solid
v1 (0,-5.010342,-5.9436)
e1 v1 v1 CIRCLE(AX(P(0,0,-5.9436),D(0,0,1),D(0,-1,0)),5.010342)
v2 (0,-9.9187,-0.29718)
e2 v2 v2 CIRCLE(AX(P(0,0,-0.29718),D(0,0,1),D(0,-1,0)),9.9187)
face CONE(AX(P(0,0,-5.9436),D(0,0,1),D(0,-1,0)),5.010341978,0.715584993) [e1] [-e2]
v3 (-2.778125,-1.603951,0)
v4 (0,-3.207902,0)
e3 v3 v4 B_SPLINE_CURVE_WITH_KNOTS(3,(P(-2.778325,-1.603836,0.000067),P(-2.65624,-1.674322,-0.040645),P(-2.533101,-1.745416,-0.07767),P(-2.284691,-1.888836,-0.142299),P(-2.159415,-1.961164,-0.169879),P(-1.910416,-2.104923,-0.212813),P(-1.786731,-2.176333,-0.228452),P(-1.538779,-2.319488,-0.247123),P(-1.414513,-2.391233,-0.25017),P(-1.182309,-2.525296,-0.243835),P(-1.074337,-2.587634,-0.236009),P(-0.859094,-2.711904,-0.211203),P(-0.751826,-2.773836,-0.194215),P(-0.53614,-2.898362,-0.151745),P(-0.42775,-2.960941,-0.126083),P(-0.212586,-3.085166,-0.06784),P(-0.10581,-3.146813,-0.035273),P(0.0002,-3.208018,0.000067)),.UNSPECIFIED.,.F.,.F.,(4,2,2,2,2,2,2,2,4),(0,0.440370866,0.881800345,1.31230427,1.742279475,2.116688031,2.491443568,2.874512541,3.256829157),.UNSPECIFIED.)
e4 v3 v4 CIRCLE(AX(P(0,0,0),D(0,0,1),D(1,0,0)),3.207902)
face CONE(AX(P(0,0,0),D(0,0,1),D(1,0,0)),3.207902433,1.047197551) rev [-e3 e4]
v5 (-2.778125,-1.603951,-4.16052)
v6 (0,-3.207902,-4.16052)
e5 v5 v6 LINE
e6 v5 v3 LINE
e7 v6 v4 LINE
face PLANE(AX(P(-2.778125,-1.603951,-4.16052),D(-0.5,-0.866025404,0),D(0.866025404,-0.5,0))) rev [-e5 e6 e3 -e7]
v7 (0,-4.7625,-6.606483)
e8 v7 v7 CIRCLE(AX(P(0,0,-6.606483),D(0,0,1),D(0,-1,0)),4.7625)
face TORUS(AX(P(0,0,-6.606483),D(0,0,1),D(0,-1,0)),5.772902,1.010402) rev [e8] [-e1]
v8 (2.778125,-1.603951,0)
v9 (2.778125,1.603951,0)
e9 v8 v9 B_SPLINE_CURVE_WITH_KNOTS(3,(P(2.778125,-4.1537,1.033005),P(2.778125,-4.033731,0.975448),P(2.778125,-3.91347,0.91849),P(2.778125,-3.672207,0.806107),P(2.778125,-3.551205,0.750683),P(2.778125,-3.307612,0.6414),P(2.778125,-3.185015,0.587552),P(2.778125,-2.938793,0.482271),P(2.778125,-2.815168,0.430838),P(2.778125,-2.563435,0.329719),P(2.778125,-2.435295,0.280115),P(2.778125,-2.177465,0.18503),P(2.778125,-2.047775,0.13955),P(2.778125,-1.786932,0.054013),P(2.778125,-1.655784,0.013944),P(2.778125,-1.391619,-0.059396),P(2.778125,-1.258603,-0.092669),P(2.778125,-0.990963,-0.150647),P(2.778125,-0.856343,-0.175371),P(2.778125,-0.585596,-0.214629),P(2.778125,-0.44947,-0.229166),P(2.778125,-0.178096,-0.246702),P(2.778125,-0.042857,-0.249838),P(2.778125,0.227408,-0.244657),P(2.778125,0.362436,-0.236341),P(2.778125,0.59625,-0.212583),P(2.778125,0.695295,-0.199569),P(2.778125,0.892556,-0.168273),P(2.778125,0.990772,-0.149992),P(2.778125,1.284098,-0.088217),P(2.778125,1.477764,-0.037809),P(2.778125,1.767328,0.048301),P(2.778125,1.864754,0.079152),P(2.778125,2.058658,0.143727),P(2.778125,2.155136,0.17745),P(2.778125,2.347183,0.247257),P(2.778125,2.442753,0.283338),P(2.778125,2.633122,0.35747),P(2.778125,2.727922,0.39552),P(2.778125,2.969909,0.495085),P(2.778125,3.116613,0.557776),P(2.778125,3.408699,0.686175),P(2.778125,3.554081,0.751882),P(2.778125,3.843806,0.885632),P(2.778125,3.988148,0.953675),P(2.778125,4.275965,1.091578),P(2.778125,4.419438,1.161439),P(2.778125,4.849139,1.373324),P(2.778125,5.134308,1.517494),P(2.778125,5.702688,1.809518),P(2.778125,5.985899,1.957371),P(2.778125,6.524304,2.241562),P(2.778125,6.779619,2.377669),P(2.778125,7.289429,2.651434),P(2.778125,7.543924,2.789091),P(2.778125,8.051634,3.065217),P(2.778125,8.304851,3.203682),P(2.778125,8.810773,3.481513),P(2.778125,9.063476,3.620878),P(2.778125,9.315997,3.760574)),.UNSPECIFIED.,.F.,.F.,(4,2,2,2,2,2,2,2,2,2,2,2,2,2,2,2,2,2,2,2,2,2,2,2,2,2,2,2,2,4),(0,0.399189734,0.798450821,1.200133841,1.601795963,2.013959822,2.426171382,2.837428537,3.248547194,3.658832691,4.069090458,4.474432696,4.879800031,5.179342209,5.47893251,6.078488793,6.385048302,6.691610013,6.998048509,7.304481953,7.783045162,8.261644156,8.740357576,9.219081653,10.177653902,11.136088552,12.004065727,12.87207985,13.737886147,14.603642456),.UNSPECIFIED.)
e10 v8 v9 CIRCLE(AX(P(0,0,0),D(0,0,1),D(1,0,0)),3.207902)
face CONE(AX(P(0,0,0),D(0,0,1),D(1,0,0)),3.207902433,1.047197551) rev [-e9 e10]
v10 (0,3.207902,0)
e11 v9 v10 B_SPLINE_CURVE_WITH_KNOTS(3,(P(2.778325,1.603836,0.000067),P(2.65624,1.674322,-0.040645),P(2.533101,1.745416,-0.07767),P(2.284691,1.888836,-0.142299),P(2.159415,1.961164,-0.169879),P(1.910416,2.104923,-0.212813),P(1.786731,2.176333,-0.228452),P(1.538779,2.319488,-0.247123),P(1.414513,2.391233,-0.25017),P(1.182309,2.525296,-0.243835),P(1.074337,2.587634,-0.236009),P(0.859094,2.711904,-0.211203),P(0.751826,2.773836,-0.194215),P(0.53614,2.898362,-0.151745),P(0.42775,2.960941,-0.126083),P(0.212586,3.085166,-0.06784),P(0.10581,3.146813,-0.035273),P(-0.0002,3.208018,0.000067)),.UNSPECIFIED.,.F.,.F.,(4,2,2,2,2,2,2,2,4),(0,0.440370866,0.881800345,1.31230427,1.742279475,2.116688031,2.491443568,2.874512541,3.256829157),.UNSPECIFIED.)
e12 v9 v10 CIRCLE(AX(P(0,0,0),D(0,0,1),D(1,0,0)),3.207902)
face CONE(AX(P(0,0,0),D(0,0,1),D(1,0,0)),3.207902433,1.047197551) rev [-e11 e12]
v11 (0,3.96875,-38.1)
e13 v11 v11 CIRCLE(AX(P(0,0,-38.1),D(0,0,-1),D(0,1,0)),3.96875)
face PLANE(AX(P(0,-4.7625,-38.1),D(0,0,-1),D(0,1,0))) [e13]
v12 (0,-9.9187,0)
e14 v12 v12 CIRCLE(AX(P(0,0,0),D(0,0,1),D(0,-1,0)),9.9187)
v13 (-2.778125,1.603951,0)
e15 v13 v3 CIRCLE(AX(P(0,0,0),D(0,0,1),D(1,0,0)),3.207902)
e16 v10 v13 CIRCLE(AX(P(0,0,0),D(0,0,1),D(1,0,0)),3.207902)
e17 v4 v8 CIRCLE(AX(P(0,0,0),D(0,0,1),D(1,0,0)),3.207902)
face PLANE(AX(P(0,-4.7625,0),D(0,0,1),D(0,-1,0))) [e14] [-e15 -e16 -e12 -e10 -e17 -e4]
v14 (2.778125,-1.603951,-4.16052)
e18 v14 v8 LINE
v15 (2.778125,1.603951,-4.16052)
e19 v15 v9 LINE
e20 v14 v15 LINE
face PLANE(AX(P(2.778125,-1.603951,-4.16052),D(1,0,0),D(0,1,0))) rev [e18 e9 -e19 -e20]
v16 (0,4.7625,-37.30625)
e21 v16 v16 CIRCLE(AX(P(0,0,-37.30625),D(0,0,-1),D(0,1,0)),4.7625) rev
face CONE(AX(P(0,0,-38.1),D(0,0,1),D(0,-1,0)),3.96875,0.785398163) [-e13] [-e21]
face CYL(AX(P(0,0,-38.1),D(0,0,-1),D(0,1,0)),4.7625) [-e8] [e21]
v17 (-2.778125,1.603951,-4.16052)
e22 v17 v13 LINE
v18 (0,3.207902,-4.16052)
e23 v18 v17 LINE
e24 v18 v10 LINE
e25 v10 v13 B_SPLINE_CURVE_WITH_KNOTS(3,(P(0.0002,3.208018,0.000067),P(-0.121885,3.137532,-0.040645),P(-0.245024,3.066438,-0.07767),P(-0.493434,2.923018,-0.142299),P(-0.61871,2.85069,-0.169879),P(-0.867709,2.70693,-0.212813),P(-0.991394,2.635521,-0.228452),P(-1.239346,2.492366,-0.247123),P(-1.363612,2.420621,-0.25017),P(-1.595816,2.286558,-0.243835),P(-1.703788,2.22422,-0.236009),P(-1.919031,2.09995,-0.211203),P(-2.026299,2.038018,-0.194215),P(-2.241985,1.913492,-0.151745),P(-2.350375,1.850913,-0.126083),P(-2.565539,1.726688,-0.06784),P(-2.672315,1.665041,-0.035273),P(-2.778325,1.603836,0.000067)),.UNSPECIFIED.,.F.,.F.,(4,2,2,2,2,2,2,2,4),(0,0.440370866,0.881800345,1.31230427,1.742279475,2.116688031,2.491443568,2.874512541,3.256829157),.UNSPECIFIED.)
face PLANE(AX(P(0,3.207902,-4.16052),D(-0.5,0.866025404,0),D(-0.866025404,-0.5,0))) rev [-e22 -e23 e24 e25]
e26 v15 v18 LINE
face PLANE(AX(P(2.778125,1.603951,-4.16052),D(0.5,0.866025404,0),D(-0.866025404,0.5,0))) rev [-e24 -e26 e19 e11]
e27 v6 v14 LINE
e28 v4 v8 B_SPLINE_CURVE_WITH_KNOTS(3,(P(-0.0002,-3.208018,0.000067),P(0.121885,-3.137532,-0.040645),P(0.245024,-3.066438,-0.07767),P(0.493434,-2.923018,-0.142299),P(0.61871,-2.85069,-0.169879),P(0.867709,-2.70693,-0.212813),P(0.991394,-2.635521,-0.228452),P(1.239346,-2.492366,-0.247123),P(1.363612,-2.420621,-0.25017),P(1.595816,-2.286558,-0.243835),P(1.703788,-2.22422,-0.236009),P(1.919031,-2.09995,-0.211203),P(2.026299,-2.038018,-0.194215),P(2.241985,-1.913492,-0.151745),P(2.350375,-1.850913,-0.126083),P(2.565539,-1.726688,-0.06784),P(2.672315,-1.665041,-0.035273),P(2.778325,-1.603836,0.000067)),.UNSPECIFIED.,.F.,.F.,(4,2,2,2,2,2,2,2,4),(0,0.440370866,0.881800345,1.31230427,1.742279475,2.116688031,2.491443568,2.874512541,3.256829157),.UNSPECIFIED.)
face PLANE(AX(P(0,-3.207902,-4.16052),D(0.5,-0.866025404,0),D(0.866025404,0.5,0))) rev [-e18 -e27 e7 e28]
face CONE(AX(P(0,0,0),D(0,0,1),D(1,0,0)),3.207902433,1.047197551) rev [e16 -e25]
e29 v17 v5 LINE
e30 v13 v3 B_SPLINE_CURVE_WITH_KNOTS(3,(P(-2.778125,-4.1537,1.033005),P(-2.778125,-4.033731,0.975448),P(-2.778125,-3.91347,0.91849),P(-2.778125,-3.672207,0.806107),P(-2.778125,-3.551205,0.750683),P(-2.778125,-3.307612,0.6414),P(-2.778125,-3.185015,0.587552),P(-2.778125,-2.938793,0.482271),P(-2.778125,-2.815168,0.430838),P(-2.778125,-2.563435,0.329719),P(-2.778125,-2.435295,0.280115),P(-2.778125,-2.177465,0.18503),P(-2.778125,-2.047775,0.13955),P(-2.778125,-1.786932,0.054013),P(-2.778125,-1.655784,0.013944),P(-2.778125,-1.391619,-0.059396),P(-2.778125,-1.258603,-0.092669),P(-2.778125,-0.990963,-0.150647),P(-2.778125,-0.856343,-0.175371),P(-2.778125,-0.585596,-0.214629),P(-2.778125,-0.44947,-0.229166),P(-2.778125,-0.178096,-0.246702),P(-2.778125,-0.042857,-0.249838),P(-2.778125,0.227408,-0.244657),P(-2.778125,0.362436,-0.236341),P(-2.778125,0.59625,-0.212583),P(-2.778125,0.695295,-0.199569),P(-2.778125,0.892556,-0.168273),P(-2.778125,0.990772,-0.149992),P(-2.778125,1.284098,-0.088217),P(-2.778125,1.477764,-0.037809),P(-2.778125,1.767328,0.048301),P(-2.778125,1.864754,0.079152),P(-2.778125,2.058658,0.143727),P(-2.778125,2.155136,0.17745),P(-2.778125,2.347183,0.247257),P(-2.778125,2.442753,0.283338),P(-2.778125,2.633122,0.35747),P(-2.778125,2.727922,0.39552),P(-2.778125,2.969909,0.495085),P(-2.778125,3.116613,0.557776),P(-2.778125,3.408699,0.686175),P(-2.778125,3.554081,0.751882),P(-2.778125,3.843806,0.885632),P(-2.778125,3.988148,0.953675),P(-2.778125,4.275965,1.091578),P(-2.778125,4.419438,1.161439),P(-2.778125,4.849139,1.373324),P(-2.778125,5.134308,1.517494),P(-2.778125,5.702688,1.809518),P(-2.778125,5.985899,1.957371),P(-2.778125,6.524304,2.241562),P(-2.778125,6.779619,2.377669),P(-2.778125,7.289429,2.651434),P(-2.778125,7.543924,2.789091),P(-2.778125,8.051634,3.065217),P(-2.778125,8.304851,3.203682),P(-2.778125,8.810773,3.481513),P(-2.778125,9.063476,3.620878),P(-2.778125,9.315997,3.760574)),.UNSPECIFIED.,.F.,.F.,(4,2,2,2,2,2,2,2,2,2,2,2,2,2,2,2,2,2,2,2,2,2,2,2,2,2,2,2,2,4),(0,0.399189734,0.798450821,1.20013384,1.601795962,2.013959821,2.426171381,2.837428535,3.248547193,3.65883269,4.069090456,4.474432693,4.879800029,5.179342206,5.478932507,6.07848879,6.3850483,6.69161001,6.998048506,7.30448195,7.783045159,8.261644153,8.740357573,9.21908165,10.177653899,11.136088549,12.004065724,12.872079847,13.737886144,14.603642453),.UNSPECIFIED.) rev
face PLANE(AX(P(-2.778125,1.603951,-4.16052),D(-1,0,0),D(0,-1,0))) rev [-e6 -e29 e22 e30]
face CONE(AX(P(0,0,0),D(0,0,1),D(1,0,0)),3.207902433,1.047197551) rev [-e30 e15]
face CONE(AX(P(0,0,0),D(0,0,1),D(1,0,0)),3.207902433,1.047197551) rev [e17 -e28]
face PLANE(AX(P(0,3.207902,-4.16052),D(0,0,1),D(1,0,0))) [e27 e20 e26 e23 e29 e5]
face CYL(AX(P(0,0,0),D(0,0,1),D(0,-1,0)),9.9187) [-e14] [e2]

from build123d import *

# Parameters (mm, degrees)
SKETCH1_W          = 38.1
SKETCH1_H          = 4.7625
CHAMFER1_SIZE      = 0.79375
CUT_EXTRUDE2_DEPTH = 4.16052


with BuildPart() as part:
    # Sketch1 → Revolve1 (revolve)
    with BuildSketch(Plane(origin=(0, 0, 0), x_dir=(0, 0, -1), z_dir=(1, 0, 0)), mode=Mode.PRIVATE) as revolve1_sk:
        with Locations((19.05, 2.38125)):
            Rectangle(SKETCH1_W, SKETCH1_H)
    revolve(revolve1_sk.sketch.rotate(Axis((0, 0, -38.1), (0, 0, 1)), 180), axis=Axis((0, 0, -38.1), (0, 0, 1)))

    # Chamfer1
    chamfer1_edges = [part.edges().sort_by_distance(p)[0] for p in [
        (0, 4.7625, -38.1),
    ]]
    chamfer(chamfer1_edges, length=CHAMFER1_SIZE)

    # Sketch7 → Revolve2 (revolve)
    with BuildSketch(Plane(origin=(0, 0, 0), x_dir=(0, 0, -1), z_dir=(1, 0, 0)), mode=Mode.PRIVATE) as revolve2_sk:
        with BuildLine():
            Line((0, 9.9187), (0.29718, 9.9187))
            Line((0.29718, 9.9187), (5.9436, 5.010341978))
            ThreePointArc((5.9436, 5.010341978), (6.252633175, 4.826486559), (6.606483481, 4.7625))
            Line((6.606483481, 4.7625), (6.606483481, 0))
            Line((6.606483481, 0), (0, 0))
            Line((0, 0), (0, 9.9187))
        make_face()
    revolve(revolve2_sk.sketch.rotate(Axis((0, 0, 0), (0, 0, -1)), 180), axis=Axis((0, 0, 0), (0, 0, -1)))

    # Boss-Extrude1 cone 1 section (through the dimple's axis) → Boss-Extrude1 (revolve)
    with BuildSketch(Plane(origin=(0, 0, -6.606483481), x_dir=(0, -1, 0), z_dir=(1, 0, 0))):
        Polygon((0, 0), (4.7625, 0), (0, 4.59909279), align=None)
    revolve(axis=Axis((0, 0, -6.606483481), (0, 0, -1)))

    # Sketch5 → Cut-Extrude2 (cut)
    with BuildSketch(Plane.XY):
        Polygon((0, 3.207902433), (-2.778125, 1.603951217), (-2.778125, -1.603951217), (0, -3.207902433), (2.778125, -1.603951217), (2.778125, 1.603951217), align=None)
    extrude(amount=-CUT_EXTRUDE2_DEPTH, mode=Mode.SUBTRACT)

    # Cut-Extrude3 cone 1 section (through the dimple's axis) → Cut-Extrude3 (revolve, cut)
    with BuildSketch(Plane(origin=(0, 0, 0), x_dir=(0, -1, 0), z_dir=(1, 0, 0))):
        Polygon((0, 0), (3.207902433, 0), (0, 1.852083333), align=None)
    revolve(axis=Axis((0, 0, 0), (0, 0, -1)), mode=Mode.SUBTRACT)


solid = part.part
